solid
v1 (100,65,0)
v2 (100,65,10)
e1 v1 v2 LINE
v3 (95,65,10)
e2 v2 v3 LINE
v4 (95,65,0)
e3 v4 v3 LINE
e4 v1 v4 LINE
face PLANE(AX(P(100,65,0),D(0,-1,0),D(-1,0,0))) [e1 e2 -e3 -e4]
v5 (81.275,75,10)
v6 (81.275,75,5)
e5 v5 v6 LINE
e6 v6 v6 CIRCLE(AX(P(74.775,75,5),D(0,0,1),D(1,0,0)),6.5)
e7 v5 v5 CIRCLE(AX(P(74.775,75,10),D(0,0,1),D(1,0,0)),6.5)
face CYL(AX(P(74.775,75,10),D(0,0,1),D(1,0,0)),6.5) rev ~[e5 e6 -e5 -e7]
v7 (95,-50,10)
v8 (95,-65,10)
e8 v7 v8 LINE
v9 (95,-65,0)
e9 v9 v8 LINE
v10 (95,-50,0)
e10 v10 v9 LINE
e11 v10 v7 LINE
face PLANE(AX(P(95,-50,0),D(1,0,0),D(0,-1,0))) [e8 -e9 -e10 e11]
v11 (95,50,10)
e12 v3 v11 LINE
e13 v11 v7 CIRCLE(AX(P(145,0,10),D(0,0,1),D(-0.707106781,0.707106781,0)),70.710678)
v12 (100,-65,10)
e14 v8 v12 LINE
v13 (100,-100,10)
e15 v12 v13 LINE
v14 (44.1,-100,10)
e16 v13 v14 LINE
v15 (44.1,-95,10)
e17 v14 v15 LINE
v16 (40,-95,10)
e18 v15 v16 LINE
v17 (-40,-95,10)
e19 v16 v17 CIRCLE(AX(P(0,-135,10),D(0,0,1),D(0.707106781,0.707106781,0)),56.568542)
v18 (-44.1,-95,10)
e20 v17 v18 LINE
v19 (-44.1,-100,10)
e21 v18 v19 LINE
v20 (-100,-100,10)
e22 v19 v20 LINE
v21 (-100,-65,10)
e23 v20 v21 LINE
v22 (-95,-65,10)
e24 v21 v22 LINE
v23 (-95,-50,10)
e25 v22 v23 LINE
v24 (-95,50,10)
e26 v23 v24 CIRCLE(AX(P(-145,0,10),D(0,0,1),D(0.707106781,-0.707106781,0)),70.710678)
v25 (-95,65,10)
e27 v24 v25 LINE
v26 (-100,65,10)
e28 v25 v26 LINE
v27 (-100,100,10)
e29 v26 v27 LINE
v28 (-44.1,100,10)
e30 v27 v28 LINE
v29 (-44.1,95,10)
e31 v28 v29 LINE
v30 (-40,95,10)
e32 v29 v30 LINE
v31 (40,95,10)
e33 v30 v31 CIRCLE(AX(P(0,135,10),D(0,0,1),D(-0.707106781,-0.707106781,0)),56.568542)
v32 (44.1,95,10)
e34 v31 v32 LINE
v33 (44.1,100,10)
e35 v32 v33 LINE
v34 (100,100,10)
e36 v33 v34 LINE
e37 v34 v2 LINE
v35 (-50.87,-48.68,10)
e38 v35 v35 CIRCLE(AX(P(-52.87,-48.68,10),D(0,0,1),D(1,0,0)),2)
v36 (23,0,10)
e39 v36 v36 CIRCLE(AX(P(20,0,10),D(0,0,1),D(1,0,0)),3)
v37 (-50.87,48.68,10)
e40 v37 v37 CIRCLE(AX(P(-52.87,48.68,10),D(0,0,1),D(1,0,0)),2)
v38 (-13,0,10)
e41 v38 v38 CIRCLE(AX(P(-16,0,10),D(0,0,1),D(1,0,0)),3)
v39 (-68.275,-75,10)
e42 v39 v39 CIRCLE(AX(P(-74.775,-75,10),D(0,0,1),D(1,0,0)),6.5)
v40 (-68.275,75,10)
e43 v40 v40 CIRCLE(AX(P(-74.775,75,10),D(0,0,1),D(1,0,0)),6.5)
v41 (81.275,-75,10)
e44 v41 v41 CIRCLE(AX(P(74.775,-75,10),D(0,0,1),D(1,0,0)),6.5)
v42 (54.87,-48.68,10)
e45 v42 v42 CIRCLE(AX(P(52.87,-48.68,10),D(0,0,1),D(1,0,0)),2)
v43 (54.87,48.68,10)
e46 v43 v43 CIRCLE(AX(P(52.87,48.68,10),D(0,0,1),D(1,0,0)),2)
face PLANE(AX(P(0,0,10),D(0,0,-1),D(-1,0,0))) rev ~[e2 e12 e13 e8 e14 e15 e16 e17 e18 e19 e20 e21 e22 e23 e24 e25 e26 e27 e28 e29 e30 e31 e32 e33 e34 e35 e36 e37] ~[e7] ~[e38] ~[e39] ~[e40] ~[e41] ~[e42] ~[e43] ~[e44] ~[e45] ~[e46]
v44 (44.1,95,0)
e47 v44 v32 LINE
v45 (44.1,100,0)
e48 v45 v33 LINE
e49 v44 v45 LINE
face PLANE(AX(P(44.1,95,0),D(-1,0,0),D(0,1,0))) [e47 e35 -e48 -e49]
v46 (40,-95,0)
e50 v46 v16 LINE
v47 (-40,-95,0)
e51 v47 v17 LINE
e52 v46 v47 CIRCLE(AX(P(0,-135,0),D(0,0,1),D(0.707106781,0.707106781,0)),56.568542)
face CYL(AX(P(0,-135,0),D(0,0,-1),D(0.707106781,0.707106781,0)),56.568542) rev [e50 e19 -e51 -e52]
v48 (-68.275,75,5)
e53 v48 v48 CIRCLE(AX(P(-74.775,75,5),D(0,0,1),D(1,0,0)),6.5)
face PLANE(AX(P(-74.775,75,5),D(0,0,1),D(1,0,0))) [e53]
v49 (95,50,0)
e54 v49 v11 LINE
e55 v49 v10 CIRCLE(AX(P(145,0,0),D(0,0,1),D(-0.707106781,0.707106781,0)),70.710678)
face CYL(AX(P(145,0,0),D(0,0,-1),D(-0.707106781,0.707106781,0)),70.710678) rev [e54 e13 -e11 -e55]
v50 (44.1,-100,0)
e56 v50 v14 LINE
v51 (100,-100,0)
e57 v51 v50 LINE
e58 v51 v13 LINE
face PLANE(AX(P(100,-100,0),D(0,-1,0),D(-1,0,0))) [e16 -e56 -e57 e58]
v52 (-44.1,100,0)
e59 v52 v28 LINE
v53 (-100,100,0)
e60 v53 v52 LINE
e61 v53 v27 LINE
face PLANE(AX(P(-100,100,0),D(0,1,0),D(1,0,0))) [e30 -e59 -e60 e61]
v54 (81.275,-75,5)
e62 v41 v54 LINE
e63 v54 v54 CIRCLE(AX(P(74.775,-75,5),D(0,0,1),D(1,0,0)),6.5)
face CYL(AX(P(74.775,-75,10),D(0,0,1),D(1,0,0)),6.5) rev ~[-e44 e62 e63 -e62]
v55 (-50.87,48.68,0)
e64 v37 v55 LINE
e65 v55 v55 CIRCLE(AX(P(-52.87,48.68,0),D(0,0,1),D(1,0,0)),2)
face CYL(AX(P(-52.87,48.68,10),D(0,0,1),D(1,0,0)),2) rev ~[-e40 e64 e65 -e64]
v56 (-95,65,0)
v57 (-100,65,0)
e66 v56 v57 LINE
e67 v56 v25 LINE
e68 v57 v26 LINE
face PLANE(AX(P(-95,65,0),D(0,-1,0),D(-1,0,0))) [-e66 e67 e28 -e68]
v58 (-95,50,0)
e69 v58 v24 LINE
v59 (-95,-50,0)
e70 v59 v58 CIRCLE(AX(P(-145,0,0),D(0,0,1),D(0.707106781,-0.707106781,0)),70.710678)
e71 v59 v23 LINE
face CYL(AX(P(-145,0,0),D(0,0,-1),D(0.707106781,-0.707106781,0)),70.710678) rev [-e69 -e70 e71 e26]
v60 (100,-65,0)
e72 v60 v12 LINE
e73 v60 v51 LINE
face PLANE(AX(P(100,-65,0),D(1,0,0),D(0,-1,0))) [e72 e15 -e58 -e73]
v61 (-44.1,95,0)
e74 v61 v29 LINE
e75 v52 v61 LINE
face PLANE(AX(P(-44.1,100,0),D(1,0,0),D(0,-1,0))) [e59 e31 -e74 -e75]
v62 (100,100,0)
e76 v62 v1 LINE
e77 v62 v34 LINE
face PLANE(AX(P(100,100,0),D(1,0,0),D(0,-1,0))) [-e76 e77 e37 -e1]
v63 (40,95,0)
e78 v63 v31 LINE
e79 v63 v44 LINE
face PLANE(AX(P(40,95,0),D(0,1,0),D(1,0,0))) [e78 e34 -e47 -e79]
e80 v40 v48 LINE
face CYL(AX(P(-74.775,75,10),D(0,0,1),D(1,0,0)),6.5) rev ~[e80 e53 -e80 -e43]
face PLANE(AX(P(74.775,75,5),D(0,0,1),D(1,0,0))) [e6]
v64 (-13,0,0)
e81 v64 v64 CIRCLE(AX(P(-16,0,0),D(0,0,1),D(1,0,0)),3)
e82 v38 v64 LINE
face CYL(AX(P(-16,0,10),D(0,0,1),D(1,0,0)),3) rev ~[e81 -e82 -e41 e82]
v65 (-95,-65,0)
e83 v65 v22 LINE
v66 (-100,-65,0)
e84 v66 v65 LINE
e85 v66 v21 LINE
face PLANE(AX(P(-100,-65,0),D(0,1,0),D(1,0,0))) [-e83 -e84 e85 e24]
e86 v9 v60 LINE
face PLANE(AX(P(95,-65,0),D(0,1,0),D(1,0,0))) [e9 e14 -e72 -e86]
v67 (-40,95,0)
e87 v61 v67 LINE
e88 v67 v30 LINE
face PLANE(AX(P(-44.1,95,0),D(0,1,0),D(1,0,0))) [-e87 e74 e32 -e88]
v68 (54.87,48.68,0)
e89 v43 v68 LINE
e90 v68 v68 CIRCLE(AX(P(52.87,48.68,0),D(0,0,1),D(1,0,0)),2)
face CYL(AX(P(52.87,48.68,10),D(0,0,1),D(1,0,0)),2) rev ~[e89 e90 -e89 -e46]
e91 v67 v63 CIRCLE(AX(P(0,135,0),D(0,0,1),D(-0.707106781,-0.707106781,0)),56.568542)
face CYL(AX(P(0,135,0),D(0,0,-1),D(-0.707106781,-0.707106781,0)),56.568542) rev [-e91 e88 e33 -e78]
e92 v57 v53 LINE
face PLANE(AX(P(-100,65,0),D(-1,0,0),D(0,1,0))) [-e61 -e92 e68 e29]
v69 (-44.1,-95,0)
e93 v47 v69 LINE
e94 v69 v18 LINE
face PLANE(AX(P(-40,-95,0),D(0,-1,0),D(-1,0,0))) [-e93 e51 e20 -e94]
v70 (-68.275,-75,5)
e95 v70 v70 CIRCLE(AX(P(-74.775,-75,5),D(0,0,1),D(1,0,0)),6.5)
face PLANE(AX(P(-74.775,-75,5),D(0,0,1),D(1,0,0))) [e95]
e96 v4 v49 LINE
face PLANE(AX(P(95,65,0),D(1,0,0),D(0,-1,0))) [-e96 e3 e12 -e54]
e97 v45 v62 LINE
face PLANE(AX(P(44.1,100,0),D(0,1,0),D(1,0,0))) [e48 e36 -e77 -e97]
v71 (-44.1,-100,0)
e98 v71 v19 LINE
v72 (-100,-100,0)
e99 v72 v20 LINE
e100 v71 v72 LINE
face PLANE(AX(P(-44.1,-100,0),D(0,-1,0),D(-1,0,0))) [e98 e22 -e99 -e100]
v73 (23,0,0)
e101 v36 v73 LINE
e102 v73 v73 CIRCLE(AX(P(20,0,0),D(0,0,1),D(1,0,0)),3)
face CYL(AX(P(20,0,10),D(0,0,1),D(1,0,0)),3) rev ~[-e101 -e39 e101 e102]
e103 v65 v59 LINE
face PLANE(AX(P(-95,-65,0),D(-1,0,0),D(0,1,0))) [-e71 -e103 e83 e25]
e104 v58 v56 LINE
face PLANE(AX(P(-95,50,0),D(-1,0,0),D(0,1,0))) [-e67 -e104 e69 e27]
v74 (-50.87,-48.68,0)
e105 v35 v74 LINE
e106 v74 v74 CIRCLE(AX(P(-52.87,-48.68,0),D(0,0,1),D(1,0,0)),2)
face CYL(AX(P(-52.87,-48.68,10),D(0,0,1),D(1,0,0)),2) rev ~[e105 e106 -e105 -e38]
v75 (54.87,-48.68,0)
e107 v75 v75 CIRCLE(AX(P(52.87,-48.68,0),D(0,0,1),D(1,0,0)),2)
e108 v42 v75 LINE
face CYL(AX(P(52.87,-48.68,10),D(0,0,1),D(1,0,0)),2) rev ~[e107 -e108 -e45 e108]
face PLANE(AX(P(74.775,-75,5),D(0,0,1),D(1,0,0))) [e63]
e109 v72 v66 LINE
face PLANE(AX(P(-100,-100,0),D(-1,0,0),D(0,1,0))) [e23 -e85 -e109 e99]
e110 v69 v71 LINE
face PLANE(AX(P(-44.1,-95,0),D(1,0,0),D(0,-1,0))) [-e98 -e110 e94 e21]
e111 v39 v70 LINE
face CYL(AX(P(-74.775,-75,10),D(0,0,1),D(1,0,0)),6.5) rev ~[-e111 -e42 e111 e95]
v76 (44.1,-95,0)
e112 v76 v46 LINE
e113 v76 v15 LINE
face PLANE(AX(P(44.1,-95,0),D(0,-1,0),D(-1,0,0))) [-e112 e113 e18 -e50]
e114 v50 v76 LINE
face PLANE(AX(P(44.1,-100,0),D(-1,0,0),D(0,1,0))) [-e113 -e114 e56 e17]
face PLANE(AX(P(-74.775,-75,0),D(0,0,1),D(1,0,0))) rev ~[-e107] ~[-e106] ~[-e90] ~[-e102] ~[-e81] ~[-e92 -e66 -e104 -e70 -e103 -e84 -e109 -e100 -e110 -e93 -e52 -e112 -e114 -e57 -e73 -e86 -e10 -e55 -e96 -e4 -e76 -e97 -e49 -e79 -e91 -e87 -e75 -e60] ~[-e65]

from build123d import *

# Parameters (mm, degrees)
SKETCH1_R           = 1.5
BOSS_EXTRUDE1_DEPTH = 10
SKETCH2_R           = 2
CUT_EXTRUDE1_DEPTH  = 10
BOSS_EXTRUDE2_START = -10
SKETCH3_R           = 1.5
BOSS_EXTRUDE2_DEPTH = 10
BOSS_EXTRUDE3_START = -10
SKETCH5_R           = 1.5
BOSS_EXTRUDE3_DEPTH = 10
SKETCH6_R           = 6.5
CUT_EXTRUDE3_DEPTH  = 5
SKETCH8_R           = 3
CUT_EXTRUDE4_DEPTH  = 10


with BuildPart() as part:
    # Sketch1 → Boss-Extrude1 (new body)
    with BuildSketch(Plane.XY):
        with BuildLine():
            ThreePointArc((-40, 95), (0, 78.431457505), (40, 95))
            Line((40, 95), (44.1, 95))
            Line((44.1, 95), (44.1, 100))
            Line((44.1, 100), (100, 100))
            Line((100, 100), (100, 65))
            Line((100, 65), (95, 65))
            Line((95, 65), (95, 50))
            ThreePointArc((95, 50), (74.289321881, 0), (95, -50))
            Line((95, -50), (95, -65))
            Line((95, -65), (100, -65))
            Line((100, -65), (100, -100))
            Line((100, -100), (44.1, -100))
            Line((44.1, -100), (44.1, -95))
            Line((44.1, -95), (40, -95))
            ThreePointArc((40, -95), (0, -78.431457505), (-40, -95))
            Line((-40, -95), (-44.1, -95))
            Line((-44.1, -95), (-44.1, -100))
            Line((-44.1, -100), (-100, -100))
            Line((-100, -100), (-100, -65))
            Line((-100, -65), (-95, -65))
            Line((-95, -65), (-95, -50))
            ThreePointArc((-95, -50), (-74.289321881, 0), (-95, 50))
            Line((-95, 50), (-95, 65))
            Line((-95, 65), (-100, 65))
            Line((-100, 65), (-100, 100))
            Line((-100, 100), (-44.1, 100))
            Line((-44.1, 100), (-44.1, 95))
            Line((-44.1, 95), (-40, 95))
        make_face()
        with Locations((74.775, -75)):
            Circle(SKETCH1_R, mode=Mode.SUBTRACT)
        with Locations((-74.775, -75)):
            Circle(SKETCH1_R, mode=Mode.SUBTRACT)
        with Locations((-74.775, 75)):
            Circle(SKETCH1_R, mode=Mode.SUBTRACT)
        with Locations((74.775, 75)):
            Circle(SKETCH1_R, mode=Mode.SUBTRACT)
    extrude(amount=BOSS_EXTRUDE1_DEPTH)

    # Sketch2 → Cut-Extrude1 (cut)
    with BuildSketch(Plane.XY.offset(10)):
        with Locations((52.87, -48.68)):
            Circle(SKETCH2_R)
        with Locations((-52.87, -48.68)):
            Circle(SKETCH2_R)
        with Locations((52.87, 48.68)):
            Circle(SKETCH2_R)
        with Locations((-52.87, 48.68)):
            Circle(SKETCH2_R)
    extrude(amount=-CUT_EXTRUDE1_DEPTH, mode=Mode.SUBTRACT)

    # Sketch3 → Boss-Extrude2 (add)
    with BuildSketch(Plane.XY.offset(10).offset(BOSS_EXTRUDE2_START)):
        with Locations((74.775, -75)):
            Circle(SKETCH3_R)
    extrude(amount=BOSS_EXTRUDE2_DEPTH)

    # Sketch5 → Boss-Extrude3 (add)
    with BuildSketch(Plane.XY.offset(10).offset(BOSS_EXTRUDE3_START)):
        with Locations((-74.775, -75)):
            Circle(SKETCH5_R)
        with Locations((-74.775, 75)):
            Circle(SKETCH5_R)
        with Locations((74.775, 75)):
            Circle(SKETCH5_R)
    extrude(amount=BOSS_EXTRUDE3_DEPTH)

    # Sketch6 → Cut-Extrude3 (cut)
    with BuildSketch(Plane.XY.offset(10)):
        with Locations((-74.775, 75)):
            Circle(SKETCH6_R)
        with Locations((74.775, 75)):
            Circle(SKETCH6_R)
        with Locations((74.775, -75)):
            Circle(SKETCH6_R)
        with Locations((-74.775, -75)):
            Circle(SKETCH6_R)
    extrude(amount=-CUT_EXTRUDE3_DEPTH, mode=Mode.SUBTRACT)

    # Sketch8 → Cut-Extrude4 (cut)
    with BuildSketch(Plane.XY.offset(10)):
        with Locations((20, 0)):
            Circle(SKETCH8_R)
        with Locations((-16, 0)):
            Circle(SKETCH8_R)
    extrude(amount=-CUT_EXTRUDE4_DEPTH, mode=Mode.SUBTRACT)


solid = part.part
